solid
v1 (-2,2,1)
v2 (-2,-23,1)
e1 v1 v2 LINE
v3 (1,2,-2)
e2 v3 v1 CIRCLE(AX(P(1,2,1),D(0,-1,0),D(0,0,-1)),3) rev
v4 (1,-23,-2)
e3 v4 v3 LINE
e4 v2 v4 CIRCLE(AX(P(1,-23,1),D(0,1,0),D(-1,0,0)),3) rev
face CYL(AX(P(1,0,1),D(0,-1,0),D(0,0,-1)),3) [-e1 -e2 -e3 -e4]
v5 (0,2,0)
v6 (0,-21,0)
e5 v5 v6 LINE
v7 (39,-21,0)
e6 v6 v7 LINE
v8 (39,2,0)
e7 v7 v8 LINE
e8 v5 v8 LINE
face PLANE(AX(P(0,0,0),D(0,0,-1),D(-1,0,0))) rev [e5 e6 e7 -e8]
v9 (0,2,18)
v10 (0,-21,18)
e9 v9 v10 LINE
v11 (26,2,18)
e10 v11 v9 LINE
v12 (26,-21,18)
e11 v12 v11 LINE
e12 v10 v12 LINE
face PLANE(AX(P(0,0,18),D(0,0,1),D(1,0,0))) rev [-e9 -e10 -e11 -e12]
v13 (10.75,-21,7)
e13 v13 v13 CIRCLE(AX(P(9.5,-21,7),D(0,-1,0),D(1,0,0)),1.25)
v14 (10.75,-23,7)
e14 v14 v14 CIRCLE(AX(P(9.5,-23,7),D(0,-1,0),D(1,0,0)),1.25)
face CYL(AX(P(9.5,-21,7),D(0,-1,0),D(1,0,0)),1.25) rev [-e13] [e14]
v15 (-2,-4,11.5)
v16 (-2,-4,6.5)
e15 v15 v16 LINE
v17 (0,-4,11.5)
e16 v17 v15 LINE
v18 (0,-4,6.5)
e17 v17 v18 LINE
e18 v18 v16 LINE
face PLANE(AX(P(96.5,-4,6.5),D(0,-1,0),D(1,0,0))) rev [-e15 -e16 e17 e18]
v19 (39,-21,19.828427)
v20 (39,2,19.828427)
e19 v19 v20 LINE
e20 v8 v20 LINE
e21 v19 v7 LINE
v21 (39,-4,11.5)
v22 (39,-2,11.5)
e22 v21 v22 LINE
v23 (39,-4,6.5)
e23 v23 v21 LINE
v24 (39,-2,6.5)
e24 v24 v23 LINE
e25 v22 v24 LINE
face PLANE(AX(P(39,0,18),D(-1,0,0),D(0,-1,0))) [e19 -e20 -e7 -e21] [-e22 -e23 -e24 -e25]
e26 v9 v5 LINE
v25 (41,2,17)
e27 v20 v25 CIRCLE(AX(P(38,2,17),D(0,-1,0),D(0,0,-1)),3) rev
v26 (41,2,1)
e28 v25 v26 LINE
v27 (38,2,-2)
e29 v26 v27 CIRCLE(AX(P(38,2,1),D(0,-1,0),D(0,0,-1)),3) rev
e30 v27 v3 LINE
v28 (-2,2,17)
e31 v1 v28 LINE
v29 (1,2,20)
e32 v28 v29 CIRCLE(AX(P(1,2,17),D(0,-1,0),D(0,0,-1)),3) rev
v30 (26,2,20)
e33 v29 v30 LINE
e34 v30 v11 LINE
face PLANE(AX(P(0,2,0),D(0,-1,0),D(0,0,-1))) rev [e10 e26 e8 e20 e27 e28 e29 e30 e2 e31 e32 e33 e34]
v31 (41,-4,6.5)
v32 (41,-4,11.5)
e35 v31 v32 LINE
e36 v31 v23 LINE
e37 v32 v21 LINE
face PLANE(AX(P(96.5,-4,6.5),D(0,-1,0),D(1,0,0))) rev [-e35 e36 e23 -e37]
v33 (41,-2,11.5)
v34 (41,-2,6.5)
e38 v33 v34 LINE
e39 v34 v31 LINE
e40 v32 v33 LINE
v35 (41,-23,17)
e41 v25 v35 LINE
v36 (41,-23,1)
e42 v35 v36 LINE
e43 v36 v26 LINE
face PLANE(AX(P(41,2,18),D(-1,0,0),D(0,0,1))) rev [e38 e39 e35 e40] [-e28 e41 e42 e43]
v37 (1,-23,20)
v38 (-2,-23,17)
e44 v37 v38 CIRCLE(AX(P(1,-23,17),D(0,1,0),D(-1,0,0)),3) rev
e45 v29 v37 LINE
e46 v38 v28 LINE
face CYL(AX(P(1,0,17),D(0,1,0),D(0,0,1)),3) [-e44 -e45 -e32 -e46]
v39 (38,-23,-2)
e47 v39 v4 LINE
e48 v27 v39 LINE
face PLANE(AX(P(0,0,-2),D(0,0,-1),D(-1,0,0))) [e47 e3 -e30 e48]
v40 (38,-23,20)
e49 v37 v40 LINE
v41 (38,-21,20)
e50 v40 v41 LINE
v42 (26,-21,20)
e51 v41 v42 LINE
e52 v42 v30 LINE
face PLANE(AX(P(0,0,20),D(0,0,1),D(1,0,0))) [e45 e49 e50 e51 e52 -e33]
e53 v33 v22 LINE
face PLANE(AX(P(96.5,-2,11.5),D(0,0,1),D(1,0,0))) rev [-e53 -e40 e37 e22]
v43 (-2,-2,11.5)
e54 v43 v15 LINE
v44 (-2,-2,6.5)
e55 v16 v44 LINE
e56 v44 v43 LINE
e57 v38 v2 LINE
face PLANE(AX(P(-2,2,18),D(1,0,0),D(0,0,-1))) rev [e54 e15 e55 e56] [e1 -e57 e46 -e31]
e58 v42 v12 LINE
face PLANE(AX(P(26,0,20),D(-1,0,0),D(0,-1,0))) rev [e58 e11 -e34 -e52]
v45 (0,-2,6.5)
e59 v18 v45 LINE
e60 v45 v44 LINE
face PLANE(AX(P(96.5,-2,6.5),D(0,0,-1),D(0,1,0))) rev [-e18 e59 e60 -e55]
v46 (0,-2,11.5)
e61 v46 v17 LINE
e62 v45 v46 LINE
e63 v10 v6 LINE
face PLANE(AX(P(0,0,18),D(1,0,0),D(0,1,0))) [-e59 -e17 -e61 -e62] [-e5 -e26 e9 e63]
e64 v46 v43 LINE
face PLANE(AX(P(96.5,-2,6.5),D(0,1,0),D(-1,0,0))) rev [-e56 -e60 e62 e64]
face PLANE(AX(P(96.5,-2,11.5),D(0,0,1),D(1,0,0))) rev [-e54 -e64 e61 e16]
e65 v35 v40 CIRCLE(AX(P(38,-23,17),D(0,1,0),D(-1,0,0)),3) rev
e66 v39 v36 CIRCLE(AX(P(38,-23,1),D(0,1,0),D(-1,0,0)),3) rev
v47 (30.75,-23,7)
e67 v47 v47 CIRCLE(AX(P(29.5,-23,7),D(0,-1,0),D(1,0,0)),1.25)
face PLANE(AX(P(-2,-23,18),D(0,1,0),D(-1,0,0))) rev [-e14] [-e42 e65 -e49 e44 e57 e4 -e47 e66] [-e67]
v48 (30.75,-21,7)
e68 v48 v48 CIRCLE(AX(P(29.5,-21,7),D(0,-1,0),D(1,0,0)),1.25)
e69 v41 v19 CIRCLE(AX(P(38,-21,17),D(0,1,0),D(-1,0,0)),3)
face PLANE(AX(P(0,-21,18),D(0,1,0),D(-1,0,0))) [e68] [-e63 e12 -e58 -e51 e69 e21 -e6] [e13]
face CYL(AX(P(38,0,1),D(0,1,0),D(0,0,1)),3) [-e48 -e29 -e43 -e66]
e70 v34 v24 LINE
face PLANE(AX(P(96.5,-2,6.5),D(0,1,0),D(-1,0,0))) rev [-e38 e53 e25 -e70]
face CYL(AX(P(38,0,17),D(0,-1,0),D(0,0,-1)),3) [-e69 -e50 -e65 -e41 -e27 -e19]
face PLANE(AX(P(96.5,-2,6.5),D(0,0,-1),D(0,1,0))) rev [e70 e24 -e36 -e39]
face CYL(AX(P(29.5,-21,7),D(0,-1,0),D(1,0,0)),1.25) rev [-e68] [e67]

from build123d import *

# Parameters (mm, degrees)
SKETCH1_W           = 43
SKETCH1_H           = 25
SKETCH1_W_2         = 39
SKETCH1_H_2         = 21
BOSS_EXTRUDE1_DEPTH = 18
SKETCH2_W           = 43
SKETCH2_H           = 25
BOSS_EXTRUDE2_DEPTH = 2
SKETCH3_W           = 43
SKETCH3_H           = 20
CUT_EXTRUDE1_DEPTH  = 2
SKETCH5_W           = 28
SKETCH5_H           = 23
BOSS_EXTRUDE3_DEPTH = 2
SKETCH7_W           = 5
SKETCH7_H           = 2
CUT_EXTRUDE3_DEPTH  = 57.5
BOSS_EXTRUDE4_DEPTH = 2
BOSS_EXTRUDE5_DEPTH = 2
SKETCH18_R          = 1.25
CUT_EXTRUDE4_DEPTH  = 2
FILLET4_R           = 3
FILLET5_R           = 3


with BuildPart() as part:
    # Sketch1 → Boss-Extrude1 (new body)
    with BuildSketch(Plane.XY):
        with Locations((19.5, -10.5)):
            Rectangle(SKETCH1_W, SKETCH1_H)
        with Locations((19.5, -10.5)):
            Rectangle(SKETCH1_W_2, SKETCH1_H_2, mode=Mode.SUBTRACT)
    extrude(amount=BOSS_EXTRUDE1_DEPTH)

    # Sketch2 → Boss-Extrude2 (add)
    with BuildSketch(Plane(origin=(0, 0, 0), x_dir=(-1, 0, 0), z_dir=(0, 0, -1))):
        with Locations((-19.5, -10.5)):
            Rectangle(SKETCH2_W, SKETCH2_H)
    extrude(amount=BOSS_EXTRUDE2_DEPTH)

    # Sketch3 → Cut-Extrude1 (cut)
    with BuildSketch(Plane(origin=(0, 2, 0), x_dir=(1, 0, 0), z_dir=(0, 1, 0))):
        with Locations((19.5, -8)):
            Rectangle(SKETCH3_W, SKETCH3_H)
    extrude(amount=-CUT_EXTRUDE1_DEPTH, mode=Mode.SUBTRACT)

    # Sketch5 → Boss-Extrude3 (add)
    with BuildSketch(Plane.XY.offset(18)):
        with Locations((12, -11.5)):
            Rectangle(SKETCH5_W, SKETCH5_H)
    extrude(amount=BOSS_EXTRUDE3_DEPTH)

    # Sketch7 → Cut-Extrude3 (cut, symmetric)
    with BuildSketch(Plane.ZY.offset(-39)):
        with Locations((9, -3)):
            Rectangle(SKETCH7_W, SKETCH7_H)
    extrude(amount=CUT_EXTRUDE3_DEPTH, both=True, mode=Mode.SUBTRACT)

    # Sketch9 → Boss-Extrude4 (add)
    with BuildSketch(Plane.XY.offset(18)):
        Polygon((26, -21), (39, -21), (39, 0), (41, 0), (41, -23), (26, -23), align=None)
    extrude(amount=BOSS_EXTRUDE4_DEPTH)

    # Sketch14 → Boss-Extrude5 (add)
    with BuildSketch(Plane(origin=(0, 0, 0), x_dir=(1, 0, 0), z_dir=(0, 1, 0))):
        Polygon((26, -18), (26, -20), (-2, -20), (-2, 2), (41, 2), (41, -20), (39, -20), (39, 0), (0, 0), (0, -18), align=None)
    extrude(amount=BOSS_EXTRUDE5_DEPTH)

    # Sketch18 → Cut-Extrude4 (cut)
    with BuildSketch(Plane.XZ.offset(23)):
        with Locations((29.5, 7)):
            Circle(SKETCH18_R)
        with Locations((9.5, 7)):
            Circle(SKETCH18_R)
    extrude(amount=-CUT_EXTRUDE4_DEPTH, mode=Mode.SUBTRACT)

    # Fillet4
    fillet4_edges = [part.edges().sort_by_distance(p)[0] for p in [
        (-2, -10.5, -2),
        (41, -10.5, -2),
        (-2, -10.5, 20),
    ]]
    fillet(fillet4_edges, radius=FILLET4_R)

    # Fillet5
    fillet5_edges = [part.edges().sort_by_distance(p)[0] for p in [
        (41, -10.5, 20),
    ]]
    fillet(fillet5_edges, radius=FILLET5_R)


solid = part.part
